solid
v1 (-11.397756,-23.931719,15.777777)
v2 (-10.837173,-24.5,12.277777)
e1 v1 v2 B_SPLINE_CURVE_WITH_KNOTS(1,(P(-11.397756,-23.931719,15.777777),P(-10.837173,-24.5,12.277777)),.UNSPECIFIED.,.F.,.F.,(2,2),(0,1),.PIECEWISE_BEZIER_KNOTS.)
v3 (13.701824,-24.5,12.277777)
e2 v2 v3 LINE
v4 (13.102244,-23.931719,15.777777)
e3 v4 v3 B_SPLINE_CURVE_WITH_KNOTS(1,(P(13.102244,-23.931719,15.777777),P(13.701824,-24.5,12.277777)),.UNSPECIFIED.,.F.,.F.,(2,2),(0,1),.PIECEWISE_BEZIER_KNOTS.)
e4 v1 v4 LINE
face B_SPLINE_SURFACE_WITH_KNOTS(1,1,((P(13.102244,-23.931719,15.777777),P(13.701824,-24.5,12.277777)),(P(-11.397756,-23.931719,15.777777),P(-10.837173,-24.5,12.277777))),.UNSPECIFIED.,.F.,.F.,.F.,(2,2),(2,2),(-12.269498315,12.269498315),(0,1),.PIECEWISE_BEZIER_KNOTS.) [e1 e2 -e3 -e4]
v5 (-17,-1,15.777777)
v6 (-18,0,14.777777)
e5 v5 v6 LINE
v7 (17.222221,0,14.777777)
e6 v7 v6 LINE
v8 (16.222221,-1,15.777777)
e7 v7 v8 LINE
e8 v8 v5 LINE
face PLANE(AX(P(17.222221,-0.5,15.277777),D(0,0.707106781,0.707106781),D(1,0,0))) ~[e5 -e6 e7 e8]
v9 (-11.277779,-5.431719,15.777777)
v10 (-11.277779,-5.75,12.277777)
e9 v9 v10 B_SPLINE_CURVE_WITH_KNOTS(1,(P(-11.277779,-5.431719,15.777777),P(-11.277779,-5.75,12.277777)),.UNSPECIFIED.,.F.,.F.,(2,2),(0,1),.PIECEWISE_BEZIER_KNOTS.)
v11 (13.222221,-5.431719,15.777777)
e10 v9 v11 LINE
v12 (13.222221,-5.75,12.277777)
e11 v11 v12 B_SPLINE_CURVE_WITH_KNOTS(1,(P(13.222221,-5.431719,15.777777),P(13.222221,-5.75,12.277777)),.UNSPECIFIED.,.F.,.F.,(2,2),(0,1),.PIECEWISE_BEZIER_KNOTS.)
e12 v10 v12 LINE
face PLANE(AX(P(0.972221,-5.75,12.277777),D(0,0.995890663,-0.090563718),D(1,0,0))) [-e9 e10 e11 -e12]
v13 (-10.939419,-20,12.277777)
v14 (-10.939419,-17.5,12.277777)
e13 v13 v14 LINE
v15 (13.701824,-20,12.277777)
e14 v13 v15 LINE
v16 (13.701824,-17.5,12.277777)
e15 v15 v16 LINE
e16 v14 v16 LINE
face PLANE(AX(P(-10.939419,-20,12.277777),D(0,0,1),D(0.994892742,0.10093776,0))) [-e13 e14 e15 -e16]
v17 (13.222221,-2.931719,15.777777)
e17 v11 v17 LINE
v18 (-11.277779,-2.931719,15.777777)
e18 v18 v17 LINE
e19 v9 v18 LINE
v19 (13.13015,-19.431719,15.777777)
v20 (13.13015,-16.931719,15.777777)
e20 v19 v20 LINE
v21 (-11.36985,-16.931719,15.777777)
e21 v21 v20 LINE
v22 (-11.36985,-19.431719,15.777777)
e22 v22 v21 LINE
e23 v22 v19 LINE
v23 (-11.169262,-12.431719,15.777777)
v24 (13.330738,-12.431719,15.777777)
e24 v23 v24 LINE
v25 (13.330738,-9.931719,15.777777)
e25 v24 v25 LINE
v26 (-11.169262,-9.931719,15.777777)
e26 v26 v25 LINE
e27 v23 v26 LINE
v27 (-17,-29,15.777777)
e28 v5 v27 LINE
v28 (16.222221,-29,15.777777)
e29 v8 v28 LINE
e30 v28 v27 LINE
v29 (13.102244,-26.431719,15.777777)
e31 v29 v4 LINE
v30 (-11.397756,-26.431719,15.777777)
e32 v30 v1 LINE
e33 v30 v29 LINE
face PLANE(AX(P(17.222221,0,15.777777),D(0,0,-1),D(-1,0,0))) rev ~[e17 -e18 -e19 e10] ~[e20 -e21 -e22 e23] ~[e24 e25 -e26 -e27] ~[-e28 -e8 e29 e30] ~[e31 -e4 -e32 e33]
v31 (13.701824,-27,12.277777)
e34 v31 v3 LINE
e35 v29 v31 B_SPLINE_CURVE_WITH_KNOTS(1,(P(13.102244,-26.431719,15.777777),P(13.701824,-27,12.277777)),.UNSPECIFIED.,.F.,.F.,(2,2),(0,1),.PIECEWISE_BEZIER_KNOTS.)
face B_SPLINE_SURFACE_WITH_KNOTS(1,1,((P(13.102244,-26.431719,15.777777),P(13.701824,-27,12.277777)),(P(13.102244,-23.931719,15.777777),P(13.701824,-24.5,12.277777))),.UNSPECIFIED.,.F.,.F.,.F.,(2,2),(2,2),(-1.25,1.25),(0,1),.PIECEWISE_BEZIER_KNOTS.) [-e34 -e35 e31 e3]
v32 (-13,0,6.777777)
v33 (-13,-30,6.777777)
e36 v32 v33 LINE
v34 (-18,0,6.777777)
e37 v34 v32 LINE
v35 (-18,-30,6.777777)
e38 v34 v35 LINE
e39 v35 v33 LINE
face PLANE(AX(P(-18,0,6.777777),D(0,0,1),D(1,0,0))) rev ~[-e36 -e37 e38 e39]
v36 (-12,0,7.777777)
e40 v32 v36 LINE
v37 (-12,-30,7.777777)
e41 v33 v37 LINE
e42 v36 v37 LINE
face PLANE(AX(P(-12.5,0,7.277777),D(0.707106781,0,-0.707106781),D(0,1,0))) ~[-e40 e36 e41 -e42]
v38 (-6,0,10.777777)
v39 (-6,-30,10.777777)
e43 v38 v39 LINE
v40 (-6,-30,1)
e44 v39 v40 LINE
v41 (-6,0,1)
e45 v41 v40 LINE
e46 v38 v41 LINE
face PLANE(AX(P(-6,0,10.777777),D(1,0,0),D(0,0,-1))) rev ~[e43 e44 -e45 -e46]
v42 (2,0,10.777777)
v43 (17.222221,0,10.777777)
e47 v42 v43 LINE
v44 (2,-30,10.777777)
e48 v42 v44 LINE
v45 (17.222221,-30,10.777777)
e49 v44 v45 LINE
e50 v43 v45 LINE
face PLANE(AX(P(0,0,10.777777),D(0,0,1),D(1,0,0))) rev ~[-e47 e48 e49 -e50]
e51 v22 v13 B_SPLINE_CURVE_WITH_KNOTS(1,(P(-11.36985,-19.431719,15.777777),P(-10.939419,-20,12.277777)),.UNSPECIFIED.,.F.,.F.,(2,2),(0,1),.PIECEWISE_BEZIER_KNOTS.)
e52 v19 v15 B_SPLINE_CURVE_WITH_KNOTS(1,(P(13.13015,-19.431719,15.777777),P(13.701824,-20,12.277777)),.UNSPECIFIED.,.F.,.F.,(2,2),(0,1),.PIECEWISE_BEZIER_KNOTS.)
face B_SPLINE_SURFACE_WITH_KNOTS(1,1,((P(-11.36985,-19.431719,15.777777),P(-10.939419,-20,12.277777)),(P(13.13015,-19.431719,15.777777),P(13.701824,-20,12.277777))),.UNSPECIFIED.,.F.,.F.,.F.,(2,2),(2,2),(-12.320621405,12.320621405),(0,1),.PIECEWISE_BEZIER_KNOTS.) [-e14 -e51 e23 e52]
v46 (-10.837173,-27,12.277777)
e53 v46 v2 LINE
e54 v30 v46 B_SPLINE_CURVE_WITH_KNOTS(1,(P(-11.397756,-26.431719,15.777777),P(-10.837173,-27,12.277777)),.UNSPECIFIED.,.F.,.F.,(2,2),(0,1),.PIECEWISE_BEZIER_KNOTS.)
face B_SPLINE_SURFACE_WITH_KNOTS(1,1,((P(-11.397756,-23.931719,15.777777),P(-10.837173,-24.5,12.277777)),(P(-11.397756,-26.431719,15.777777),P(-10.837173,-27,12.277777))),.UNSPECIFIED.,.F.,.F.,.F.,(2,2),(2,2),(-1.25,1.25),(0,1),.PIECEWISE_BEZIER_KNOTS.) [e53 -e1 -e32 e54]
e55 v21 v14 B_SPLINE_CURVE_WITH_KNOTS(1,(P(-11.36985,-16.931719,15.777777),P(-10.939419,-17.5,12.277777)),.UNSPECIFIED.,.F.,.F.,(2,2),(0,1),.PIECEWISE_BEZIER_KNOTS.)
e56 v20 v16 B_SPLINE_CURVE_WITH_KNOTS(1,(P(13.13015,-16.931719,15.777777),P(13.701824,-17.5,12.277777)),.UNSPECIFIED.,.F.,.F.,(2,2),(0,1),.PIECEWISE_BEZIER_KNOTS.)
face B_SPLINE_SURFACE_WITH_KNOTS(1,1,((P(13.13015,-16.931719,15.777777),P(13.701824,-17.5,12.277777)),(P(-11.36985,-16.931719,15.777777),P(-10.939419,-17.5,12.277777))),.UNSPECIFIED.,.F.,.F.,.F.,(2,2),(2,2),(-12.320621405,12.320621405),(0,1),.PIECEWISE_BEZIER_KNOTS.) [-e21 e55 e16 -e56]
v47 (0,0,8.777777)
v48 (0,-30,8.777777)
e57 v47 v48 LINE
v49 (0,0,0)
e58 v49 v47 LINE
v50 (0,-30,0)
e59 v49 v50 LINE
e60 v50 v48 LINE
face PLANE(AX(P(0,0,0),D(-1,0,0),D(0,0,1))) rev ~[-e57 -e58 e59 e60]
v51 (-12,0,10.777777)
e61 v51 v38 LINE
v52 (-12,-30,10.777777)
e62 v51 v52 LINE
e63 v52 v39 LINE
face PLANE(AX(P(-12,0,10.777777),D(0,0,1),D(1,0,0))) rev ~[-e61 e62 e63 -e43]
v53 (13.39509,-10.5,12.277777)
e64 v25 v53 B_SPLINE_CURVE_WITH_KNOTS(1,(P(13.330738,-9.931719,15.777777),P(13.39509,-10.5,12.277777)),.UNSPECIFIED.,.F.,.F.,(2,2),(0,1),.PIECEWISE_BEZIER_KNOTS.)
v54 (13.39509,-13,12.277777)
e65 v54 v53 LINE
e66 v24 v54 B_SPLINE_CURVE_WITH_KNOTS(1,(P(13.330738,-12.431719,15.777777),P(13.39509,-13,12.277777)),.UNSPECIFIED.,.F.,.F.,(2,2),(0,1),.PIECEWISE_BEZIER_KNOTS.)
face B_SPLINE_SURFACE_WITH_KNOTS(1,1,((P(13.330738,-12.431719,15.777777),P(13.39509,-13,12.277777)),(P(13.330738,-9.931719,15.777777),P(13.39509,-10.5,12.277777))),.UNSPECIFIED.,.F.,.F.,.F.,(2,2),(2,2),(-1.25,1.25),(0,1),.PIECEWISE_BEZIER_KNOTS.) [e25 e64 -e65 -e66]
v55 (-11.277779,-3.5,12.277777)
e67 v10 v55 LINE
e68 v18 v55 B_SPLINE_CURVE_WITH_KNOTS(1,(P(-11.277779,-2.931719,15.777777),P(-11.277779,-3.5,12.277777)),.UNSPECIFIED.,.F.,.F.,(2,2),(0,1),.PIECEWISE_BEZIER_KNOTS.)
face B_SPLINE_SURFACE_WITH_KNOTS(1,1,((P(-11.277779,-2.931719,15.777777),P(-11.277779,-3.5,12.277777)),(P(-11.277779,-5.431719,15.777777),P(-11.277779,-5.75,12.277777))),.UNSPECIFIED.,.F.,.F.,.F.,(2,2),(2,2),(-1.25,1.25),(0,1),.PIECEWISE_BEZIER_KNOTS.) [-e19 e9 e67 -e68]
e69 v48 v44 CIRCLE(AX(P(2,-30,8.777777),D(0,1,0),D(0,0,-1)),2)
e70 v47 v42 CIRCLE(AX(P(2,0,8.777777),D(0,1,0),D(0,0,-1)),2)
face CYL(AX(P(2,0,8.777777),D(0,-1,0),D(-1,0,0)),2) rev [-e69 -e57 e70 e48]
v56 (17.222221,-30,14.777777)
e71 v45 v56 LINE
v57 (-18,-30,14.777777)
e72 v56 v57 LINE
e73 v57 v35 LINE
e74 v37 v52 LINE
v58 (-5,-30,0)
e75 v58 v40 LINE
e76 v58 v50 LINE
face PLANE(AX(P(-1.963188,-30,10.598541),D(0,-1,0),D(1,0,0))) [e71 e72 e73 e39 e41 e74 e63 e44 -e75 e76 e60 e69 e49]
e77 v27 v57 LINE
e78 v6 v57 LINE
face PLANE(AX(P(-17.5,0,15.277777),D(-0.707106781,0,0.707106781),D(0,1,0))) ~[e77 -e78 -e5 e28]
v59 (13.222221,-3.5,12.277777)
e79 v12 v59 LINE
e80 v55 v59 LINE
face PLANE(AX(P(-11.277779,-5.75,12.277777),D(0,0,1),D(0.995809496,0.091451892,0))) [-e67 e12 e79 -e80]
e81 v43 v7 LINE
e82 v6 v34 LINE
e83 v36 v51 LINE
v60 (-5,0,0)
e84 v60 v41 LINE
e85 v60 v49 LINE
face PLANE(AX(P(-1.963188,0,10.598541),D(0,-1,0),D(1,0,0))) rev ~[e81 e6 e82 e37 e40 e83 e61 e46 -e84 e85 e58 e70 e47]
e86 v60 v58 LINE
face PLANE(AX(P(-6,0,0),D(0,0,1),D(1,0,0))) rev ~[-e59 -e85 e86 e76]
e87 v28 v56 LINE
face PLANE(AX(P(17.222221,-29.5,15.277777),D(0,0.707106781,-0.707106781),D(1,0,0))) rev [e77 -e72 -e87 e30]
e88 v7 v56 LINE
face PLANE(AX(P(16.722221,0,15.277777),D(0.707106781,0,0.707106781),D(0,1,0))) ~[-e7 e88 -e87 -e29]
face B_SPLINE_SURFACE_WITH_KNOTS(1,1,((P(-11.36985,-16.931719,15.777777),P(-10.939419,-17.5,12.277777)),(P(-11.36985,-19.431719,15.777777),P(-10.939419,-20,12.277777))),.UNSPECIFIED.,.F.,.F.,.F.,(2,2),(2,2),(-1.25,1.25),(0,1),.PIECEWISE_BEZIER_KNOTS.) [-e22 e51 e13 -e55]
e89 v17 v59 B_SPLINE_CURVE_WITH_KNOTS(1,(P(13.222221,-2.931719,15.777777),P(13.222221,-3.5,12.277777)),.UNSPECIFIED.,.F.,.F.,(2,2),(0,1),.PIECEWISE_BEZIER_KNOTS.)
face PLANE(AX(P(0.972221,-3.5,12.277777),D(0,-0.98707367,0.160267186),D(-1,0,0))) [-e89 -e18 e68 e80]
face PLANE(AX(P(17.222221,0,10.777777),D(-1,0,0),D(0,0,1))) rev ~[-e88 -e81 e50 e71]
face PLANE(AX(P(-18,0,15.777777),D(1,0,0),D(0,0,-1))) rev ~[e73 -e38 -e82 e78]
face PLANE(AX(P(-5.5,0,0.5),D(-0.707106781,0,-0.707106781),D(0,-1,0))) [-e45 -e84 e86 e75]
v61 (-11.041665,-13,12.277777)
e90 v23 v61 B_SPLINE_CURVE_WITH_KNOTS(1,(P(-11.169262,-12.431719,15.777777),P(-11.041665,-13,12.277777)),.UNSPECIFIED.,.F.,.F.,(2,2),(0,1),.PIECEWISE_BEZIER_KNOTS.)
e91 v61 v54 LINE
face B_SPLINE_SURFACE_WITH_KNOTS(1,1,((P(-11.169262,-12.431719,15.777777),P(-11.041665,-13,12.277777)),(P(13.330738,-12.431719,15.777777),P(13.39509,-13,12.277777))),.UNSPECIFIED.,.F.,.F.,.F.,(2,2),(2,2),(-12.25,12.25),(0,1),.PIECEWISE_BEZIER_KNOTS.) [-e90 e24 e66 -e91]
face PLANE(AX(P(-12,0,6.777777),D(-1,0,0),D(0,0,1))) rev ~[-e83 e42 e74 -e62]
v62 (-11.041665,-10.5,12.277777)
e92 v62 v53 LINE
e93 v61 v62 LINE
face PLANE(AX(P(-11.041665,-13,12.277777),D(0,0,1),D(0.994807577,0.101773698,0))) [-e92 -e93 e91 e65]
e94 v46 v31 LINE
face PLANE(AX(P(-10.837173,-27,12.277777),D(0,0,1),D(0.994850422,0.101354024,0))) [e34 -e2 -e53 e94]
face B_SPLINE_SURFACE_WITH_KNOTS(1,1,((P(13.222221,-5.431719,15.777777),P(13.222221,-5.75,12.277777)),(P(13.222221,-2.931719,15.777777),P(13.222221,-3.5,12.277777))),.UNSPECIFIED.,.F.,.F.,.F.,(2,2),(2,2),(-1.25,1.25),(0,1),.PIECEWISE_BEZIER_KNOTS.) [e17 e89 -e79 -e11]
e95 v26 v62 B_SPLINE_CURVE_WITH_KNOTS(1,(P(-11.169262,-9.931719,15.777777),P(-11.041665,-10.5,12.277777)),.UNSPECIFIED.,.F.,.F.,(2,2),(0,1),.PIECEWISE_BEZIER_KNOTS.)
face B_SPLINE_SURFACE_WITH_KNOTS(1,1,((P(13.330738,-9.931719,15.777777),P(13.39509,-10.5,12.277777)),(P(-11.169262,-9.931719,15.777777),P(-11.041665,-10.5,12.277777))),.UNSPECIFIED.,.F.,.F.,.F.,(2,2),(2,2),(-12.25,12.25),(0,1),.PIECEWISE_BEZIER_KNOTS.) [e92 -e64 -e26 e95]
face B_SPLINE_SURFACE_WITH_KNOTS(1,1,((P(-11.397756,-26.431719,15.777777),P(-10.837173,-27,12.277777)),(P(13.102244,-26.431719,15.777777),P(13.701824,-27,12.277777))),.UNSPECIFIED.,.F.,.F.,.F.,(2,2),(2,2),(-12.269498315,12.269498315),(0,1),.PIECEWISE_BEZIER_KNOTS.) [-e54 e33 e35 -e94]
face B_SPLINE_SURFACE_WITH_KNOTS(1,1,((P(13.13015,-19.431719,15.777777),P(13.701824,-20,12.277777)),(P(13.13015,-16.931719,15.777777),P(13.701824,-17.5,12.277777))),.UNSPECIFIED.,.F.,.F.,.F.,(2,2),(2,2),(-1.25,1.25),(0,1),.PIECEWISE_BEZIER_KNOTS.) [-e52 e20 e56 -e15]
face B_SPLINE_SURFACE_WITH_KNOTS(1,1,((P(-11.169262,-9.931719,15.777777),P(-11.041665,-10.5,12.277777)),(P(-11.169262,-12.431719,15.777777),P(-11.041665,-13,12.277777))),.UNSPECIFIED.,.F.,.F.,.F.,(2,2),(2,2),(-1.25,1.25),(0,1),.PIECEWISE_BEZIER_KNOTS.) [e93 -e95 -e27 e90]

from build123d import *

# Parameters (mm, degrees)
F1_DEPTH = 30
F2_SIZE  = 1
F3_R     = 2
F4_W     = 24.5
F4_H     = 2.5
F6_W     = 24.5389966294
F6_H     = 2.5
F6_W_2   = 24.6412428096
F6_W_3   = 24.4367551059
F6_W_4   = 24.5
F6_H_2   = 2.25


with BuildPart() as f1:
    # F0 (on Front) → F1 (new body)
    with BuildSketch(Plane.XZ):
        Polygon((-6, 0), (0, 0), (0, 10.7777772923), (17.2222208352, 10.7777772923), (17.2222208352, 15.7777772923), (4.666664066, 15.7777772923), (-18, 15.7777772923), (-18, 6.7777772923), (-12, 6.7777772923), (-12, 10.7777772923), (-6, 10.7777772923), align=None)
    extrude(amount=F1_DEPTH)

    # F2
    f2_edges = [f1.edges().sort_by_distance(p)[0] for p in [
        (-0.38889, -30, 15.777777),
        (17.222221, -15, 15.777777),
        (-0.38889, 0, 15.777777),
        (-18, -15, 15.777777),
        (-12, -15, 6.777777),
        (-6, -15, 0),
    ]]
    chamfer(f2_edges, length=F2_SIZE)

    # F3
    f3_edges = [f1.edges().sort_by_distance(p)[0] for p in [
        (0, -15, 10.777777),
    ]]
    fillet(f3_edges, radius=F3_R)

    # F4 (on face) → F7 section 0
    with BuildSketch(Plane.XY.offset(15.7777772923)):
        with Locations((0.8522442952, -25.1817190625)):
            Rectangle(F4_W, F4_H)
    # F6 (on offset) → F7 section 1
    with BuildSketch(Plane.XY.offset(12.2777772923)):
        with Locations((1.4323252253, -25.75)):
            Rectangle(F6_W, F6_H)
    loft(mode=Mode.SUBTRACT)

    # F4 (on face) → F8 section 0
    with BuildSketch(Plane.XY.offset(15.7777772923)):
        with Locations((0.8801504448, -18.1817190625)):
            Rectangle(F4_W, F4_H)
    # F6 (on offset) → F8 section 1
    with BuildSketch(Plane.XY.offset(12.2777772923)):
        with Locations((1.3812021352, -18.75)):
            Rectangle(F6_W_2, F6_H)
    loft(mode=Mode.SUBTRACT)

    # F4 (on face) → F9 section 0
    with BuildSketch(Plane.XY.offset(15.7777772923)):
        with Locations((1.0807377696, -11.1817190625)):
            Rectangle(F4_W, F4_H)
    # F6 (on offset) → F9 section 1
    with BuildSketch(Plane.XY.offset(12.2777772923)):
        with Locations((1.1767121032, -11.75)):
            Rectangle(F6_W_3, F6_H)
    loft(mode=Mode.SUBTRACT)

    # F4 (on face) → F10 section 0
    with BuildSketch(Plane.XY.offset(15.7777772923)):
        with Locations((0.9722208352, -4.1817190625)):
            Rectangle(F4_W, F4_H)
    # F6 (on offset) → F10 section 1
    with BuildSketch(Plane.XY.offset(12.2777772923)):
        with Locations((0.9722208352, -4.625)):
            Rectangle(F6_W_4, F6_H_2)
    loft(mode=Mode.SUBTRACT)


solid = f1.part
